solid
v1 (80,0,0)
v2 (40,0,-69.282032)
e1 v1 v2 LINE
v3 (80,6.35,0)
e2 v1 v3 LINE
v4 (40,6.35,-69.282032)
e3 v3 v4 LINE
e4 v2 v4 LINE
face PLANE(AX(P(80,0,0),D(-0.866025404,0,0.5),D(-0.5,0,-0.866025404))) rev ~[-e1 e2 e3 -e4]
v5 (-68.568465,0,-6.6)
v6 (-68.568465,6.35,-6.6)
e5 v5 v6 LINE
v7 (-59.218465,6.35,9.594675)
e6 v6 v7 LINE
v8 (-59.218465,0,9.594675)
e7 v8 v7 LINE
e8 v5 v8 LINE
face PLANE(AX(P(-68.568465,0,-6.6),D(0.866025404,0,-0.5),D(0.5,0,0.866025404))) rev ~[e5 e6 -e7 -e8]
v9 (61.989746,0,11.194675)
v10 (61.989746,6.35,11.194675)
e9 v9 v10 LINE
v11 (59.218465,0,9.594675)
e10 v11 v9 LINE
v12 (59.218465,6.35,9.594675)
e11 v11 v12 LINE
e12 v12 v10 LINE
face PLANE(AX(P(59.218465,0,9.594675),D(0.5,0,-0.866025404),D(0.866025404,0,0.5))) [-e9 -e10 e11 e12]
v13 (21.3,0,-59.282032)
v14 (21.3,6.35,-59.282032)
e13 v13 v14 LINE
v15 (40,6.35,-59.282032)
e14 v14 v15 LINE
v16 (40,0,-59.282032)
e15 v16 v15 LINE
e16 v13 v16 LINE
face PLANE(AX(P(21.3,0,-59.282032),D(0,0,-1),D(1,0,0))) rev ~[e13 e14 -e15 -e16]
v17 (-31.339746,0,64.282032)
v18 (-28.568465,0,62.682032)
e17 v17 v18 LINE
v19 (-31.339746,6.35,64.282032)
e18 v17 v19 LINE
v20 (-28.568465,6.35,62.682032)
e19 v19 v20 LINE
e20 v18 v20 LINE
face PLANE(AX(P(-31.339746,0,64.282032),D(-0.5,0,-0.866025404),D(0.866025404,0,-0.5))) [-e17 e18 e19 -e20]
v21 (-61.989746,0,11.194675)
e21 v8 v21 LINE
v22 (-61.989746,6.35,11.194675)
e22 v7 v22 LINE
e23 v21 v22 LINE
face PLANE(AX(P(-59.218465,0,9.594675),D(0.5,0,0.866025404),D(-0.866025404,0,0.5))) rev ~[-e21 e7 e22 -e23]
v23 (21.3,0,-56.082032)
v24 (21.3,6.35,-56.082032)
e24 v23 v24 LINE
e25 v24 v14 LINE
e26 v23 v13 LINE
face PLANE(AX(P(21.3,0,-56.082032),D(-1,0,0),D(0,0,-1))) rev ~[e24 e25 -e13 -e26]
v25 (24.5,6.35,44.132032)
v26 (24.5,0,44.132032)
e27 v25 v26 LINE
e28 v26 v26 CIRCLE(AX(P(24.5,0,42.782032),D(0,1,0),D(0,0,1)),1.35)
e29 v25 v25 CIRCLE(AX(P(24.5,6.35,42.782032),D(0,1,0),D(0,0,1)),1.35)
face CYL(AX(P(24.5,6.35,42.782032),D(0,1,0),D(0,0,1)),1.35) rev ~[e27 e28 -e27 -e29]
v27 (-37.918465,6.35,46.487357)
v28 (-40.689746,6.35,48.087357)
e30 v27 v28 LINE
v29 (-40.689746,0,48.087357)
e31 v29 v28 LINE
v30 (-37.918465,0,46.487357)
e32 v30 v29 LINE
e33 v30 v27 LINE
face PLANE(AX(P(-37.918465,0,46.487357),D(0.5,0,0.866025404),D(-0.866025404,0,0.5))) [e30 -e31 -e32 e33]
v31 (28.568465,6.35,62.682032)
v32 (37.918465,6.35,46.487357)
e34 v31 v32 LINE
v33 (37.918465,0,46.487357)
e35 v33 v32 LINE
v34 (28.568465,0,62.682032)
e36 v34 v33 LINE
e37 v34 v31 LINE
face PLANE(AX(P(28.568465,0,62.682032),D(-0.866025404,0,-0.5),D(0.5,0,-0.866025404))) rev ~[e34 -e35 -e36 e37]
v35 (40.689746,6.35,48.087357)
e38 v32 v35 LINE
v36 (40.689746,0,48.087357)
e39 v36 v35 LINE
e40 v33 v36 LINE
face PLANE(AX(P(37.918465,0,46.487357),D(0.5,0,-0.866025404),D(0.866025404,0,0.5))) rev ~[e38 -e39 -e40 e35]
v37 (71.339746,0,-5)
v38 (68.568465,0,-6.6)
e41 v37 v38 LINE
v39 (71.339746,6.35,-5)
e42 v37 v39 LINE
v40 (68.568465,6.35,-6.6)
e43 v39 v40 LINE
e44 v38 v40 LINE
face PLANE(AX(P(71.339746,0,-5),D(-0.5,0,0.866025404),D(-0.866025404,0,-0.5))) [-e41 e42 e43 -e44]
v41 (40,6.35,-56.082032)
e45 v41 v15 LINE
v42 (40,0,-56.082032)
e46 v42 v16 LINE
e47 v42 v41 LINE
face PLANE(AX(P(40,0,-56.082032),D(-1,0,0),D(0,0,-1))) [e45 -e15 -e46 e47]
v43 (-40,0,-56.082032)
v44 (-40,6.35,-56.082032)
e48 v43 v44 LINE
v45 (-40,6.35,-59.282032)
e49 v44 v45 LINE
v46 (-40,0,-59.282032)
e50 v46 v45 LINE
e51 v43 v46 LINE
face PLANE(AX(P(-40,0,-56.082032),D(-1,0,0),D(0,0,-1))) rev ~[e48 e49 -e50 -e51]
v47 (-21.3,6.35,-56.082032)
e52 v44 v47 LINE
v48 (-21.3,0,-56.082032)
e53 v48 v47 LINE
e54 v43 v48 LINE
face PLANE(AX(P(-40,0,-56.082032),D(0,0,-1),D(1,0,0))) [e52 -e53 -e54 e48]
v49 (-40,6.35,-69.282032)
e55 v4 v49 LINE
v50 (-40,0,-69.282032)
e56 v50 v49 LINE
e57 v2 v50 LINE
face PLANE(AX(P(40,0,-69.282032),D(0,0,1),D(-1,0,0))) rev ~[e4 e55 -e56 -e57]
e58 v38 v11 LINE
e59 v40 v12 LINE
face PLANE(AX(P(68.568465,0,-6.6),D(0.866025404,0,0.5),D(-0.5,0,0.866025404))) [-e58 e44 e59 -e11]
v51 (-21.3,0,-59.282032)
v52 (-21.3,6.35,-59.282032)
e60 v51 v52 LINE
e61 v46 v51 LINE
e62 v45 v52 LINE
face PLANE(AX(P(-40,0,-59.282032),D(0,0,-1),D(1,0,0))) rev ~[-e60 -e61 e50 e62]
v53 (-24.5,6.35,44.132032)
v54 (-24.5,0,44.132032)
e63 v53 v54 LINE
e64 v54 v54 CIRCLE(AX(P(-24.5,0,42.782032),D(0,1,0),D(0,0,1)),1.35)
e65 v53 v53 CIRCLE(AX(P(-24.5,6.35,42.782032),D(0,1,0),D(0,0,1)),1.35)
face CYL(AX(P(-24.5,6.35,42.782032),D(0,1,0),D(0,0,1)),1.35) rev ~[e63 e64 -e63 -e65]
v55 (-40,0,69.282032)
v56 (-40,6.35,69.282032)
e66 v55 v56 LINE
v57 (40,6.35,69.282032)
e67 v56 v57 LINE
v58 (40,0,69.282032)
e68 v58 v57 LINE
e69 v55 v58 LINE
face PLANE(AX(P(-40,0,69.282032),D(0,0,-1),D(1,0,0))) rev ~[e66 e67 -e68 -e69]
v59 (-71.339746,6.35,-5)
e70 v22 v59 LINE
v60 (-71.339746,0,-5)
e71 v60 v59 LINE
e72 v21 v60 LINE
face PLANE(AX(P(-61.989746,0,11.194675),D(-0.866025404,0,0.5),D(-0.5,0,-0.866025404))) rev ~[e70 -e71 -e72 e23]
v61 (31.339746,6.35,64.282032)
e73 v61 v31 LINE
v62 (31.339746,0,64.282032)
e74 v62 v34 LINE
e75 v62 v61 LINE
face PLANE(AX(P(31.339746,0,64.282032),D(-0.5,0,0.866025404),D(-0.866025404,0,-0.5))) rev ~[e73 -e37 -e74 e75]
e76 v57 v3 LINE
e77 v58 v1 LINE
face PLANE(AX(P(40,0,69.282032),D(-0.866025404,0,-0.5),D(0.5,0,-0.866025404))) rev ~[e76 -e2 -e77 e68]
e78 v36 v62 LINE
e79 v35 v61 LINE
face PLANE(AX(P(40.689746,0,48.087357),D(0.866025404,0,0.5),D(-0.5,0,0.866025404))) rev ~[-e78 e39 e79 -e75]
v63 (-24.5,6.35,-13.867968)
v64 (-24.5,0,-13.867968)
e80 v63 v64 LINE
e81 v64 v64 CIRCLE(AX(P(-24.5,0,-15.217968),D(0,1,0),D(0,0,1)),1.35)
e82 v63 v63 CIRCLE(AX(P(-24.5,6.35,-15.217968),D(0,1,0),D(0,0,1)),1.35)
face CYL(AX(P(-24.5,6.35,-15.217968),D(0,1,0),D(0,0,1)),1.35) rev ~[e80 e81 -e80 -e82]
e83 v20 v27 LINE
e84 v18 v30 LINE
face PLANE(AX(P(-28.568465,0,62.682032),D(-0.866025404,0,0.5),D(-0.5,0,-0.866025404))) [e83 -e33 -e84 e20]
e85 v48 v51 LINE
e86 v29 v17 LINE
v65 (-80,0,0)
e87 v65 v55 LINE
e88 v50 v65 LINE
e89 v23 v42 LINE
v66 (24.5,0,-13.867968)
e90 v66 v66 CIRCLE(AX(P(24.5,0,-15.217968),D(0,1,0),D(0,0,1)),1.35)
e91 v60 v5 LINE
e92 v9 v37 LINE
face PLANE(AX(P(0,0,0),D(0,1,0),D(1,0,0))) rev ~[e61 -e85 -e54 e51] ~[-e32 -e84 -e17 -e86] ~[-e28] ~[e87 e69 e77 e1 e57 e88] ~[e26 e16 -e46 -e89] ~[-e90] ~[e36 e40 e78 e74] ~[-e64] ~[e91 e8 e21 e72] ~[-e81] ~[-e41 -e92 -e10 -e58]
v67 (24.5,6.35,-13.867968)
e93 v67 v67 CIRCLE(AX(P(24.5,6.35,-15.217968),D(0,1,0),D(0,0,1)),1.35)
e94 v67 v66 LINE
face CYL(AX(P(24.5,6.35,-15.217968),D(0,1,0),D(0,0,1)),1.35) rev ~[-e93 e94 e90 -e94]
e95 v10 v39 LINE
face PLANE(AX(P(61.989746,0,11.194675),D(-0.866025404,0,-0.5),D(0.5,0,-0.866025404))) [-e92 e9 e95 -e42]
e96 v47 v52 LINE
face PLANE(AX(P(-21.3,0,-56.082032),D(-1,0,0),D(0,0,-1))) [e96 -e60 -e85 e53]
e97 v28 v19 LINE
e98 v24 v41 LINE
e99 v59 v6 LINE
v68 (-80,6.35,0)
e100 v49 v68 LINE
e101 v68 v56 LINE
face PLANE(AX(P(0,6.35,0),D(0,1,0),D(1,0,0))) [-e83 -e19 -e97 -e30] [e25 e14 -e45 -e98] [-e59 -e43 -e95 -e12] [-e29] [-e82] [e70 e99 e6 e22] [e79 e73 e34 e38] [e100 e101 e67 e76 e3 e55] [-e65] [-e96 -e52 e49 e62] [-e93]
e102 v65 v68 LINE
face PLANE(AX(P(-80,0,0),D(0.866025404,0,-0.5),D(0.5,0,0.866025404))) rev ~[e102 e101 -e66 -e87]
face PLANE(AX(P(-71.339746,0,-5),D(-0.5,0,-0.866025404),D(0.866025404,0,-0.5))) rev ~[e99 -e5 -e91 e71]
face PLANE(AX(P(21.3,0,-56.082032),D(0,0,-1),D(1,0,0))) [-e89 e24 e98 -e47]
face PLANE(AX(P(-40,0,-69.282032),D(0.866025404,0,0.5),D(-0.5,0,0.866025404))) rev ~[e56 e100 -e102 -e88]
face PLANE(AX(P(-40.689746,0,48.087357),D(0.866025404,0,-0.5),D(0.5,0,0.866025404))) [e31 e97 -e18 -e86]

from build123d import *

# Parameters (mm, degrees)
SKETCH1_W           = 18.7
SKETCH1_H           = 3.2
BOSS_EXTRUDE1_DEPTH = 6.35
SKETCH2_R           = 1.35
CUT_EXTRUDE1_DEPTH  = 6.35


with BuildPart() as part:
    # Sketch1 → Boss-Extrude1 (new body)
    with BuildSketch(Plane(origin=(0, 0, 0), x_dir=(1, 0, 0), z_dir=(0, 1, 0))):
        Polygon((40, -69.282032303), (80, 0), (40, 69.282032303), (-40, 69.282032303), (-80, 0), (-40, -69.282032303), align=None)
        Polygon((-68.56846467, 6.6), (-59.21846467, -9.594675051), (-61.989745962, -11.194675051), (-71.339745962, 5), align=None, mode=Mode.SUBTRACT)
        Polygon((-31.339745962, -64.282032303), (-28.56846467, -62.682032303), (-37.91846467, -46.487357252), (-40.689745962, -48.087357252), align=None, mode=Mode.SUBTRACT)
        Polygon((28.56846467, -62.682032303), (37.91846467, -46.487357252), (40.689745962, -48.087357252), (31.339745962, -64.282032303), align=None, mode=Mode.SUBTRACT)
        Polygon((71.339745962, 5), (68.56846467, 6.6), (59.21846467, -9.594675051), (61.989745962, -11.194675051), align=None, mode=Mode.SUBTRACT)
        with Locations((30.65, 57.682032303)):
            Rectangle(SKETCH1_W, SKETCH1_H, mode=Mode.SUBTRACT)
        with Locations((-30.65, 57.682032303)):
            Rectangle(SKETCH1_W, SKETCH1_H, mode=Mode.SUBTRACT)
    extrude(amount=BOSS_EXTRUDE1_DEPTH)

    # Sketch2 → Cut-Extrude1 (cut)
    with BuildSketch(Plane(origin=(0, 6.35, 0), x_dir=(1, 0, 0), z_dir=(0, 1, 0))):
        with Locations(Location((-24.5, -42.782032303, 0), (0, 0, 270))):
            Circle(SKETCH2_R)
        with Locations(Location((24.5, -42.782032303, 0), (0, 0, 270))):
            Circle(SKETCH2_R)
        with Locations(Location((24.5, 15.217967697, 0), (0, 0, 270))):
            Circle(SKETCH2_R)
        with Locations(Location((-24.5, 15.217967697, 0), (0, 0, 270))):
            Circle(SKETCH2_R)
    extrude(amount=-CUT_EXTRUDE1_DEPTH, mode=Mode.SUBTRACT)


solid = part.part
